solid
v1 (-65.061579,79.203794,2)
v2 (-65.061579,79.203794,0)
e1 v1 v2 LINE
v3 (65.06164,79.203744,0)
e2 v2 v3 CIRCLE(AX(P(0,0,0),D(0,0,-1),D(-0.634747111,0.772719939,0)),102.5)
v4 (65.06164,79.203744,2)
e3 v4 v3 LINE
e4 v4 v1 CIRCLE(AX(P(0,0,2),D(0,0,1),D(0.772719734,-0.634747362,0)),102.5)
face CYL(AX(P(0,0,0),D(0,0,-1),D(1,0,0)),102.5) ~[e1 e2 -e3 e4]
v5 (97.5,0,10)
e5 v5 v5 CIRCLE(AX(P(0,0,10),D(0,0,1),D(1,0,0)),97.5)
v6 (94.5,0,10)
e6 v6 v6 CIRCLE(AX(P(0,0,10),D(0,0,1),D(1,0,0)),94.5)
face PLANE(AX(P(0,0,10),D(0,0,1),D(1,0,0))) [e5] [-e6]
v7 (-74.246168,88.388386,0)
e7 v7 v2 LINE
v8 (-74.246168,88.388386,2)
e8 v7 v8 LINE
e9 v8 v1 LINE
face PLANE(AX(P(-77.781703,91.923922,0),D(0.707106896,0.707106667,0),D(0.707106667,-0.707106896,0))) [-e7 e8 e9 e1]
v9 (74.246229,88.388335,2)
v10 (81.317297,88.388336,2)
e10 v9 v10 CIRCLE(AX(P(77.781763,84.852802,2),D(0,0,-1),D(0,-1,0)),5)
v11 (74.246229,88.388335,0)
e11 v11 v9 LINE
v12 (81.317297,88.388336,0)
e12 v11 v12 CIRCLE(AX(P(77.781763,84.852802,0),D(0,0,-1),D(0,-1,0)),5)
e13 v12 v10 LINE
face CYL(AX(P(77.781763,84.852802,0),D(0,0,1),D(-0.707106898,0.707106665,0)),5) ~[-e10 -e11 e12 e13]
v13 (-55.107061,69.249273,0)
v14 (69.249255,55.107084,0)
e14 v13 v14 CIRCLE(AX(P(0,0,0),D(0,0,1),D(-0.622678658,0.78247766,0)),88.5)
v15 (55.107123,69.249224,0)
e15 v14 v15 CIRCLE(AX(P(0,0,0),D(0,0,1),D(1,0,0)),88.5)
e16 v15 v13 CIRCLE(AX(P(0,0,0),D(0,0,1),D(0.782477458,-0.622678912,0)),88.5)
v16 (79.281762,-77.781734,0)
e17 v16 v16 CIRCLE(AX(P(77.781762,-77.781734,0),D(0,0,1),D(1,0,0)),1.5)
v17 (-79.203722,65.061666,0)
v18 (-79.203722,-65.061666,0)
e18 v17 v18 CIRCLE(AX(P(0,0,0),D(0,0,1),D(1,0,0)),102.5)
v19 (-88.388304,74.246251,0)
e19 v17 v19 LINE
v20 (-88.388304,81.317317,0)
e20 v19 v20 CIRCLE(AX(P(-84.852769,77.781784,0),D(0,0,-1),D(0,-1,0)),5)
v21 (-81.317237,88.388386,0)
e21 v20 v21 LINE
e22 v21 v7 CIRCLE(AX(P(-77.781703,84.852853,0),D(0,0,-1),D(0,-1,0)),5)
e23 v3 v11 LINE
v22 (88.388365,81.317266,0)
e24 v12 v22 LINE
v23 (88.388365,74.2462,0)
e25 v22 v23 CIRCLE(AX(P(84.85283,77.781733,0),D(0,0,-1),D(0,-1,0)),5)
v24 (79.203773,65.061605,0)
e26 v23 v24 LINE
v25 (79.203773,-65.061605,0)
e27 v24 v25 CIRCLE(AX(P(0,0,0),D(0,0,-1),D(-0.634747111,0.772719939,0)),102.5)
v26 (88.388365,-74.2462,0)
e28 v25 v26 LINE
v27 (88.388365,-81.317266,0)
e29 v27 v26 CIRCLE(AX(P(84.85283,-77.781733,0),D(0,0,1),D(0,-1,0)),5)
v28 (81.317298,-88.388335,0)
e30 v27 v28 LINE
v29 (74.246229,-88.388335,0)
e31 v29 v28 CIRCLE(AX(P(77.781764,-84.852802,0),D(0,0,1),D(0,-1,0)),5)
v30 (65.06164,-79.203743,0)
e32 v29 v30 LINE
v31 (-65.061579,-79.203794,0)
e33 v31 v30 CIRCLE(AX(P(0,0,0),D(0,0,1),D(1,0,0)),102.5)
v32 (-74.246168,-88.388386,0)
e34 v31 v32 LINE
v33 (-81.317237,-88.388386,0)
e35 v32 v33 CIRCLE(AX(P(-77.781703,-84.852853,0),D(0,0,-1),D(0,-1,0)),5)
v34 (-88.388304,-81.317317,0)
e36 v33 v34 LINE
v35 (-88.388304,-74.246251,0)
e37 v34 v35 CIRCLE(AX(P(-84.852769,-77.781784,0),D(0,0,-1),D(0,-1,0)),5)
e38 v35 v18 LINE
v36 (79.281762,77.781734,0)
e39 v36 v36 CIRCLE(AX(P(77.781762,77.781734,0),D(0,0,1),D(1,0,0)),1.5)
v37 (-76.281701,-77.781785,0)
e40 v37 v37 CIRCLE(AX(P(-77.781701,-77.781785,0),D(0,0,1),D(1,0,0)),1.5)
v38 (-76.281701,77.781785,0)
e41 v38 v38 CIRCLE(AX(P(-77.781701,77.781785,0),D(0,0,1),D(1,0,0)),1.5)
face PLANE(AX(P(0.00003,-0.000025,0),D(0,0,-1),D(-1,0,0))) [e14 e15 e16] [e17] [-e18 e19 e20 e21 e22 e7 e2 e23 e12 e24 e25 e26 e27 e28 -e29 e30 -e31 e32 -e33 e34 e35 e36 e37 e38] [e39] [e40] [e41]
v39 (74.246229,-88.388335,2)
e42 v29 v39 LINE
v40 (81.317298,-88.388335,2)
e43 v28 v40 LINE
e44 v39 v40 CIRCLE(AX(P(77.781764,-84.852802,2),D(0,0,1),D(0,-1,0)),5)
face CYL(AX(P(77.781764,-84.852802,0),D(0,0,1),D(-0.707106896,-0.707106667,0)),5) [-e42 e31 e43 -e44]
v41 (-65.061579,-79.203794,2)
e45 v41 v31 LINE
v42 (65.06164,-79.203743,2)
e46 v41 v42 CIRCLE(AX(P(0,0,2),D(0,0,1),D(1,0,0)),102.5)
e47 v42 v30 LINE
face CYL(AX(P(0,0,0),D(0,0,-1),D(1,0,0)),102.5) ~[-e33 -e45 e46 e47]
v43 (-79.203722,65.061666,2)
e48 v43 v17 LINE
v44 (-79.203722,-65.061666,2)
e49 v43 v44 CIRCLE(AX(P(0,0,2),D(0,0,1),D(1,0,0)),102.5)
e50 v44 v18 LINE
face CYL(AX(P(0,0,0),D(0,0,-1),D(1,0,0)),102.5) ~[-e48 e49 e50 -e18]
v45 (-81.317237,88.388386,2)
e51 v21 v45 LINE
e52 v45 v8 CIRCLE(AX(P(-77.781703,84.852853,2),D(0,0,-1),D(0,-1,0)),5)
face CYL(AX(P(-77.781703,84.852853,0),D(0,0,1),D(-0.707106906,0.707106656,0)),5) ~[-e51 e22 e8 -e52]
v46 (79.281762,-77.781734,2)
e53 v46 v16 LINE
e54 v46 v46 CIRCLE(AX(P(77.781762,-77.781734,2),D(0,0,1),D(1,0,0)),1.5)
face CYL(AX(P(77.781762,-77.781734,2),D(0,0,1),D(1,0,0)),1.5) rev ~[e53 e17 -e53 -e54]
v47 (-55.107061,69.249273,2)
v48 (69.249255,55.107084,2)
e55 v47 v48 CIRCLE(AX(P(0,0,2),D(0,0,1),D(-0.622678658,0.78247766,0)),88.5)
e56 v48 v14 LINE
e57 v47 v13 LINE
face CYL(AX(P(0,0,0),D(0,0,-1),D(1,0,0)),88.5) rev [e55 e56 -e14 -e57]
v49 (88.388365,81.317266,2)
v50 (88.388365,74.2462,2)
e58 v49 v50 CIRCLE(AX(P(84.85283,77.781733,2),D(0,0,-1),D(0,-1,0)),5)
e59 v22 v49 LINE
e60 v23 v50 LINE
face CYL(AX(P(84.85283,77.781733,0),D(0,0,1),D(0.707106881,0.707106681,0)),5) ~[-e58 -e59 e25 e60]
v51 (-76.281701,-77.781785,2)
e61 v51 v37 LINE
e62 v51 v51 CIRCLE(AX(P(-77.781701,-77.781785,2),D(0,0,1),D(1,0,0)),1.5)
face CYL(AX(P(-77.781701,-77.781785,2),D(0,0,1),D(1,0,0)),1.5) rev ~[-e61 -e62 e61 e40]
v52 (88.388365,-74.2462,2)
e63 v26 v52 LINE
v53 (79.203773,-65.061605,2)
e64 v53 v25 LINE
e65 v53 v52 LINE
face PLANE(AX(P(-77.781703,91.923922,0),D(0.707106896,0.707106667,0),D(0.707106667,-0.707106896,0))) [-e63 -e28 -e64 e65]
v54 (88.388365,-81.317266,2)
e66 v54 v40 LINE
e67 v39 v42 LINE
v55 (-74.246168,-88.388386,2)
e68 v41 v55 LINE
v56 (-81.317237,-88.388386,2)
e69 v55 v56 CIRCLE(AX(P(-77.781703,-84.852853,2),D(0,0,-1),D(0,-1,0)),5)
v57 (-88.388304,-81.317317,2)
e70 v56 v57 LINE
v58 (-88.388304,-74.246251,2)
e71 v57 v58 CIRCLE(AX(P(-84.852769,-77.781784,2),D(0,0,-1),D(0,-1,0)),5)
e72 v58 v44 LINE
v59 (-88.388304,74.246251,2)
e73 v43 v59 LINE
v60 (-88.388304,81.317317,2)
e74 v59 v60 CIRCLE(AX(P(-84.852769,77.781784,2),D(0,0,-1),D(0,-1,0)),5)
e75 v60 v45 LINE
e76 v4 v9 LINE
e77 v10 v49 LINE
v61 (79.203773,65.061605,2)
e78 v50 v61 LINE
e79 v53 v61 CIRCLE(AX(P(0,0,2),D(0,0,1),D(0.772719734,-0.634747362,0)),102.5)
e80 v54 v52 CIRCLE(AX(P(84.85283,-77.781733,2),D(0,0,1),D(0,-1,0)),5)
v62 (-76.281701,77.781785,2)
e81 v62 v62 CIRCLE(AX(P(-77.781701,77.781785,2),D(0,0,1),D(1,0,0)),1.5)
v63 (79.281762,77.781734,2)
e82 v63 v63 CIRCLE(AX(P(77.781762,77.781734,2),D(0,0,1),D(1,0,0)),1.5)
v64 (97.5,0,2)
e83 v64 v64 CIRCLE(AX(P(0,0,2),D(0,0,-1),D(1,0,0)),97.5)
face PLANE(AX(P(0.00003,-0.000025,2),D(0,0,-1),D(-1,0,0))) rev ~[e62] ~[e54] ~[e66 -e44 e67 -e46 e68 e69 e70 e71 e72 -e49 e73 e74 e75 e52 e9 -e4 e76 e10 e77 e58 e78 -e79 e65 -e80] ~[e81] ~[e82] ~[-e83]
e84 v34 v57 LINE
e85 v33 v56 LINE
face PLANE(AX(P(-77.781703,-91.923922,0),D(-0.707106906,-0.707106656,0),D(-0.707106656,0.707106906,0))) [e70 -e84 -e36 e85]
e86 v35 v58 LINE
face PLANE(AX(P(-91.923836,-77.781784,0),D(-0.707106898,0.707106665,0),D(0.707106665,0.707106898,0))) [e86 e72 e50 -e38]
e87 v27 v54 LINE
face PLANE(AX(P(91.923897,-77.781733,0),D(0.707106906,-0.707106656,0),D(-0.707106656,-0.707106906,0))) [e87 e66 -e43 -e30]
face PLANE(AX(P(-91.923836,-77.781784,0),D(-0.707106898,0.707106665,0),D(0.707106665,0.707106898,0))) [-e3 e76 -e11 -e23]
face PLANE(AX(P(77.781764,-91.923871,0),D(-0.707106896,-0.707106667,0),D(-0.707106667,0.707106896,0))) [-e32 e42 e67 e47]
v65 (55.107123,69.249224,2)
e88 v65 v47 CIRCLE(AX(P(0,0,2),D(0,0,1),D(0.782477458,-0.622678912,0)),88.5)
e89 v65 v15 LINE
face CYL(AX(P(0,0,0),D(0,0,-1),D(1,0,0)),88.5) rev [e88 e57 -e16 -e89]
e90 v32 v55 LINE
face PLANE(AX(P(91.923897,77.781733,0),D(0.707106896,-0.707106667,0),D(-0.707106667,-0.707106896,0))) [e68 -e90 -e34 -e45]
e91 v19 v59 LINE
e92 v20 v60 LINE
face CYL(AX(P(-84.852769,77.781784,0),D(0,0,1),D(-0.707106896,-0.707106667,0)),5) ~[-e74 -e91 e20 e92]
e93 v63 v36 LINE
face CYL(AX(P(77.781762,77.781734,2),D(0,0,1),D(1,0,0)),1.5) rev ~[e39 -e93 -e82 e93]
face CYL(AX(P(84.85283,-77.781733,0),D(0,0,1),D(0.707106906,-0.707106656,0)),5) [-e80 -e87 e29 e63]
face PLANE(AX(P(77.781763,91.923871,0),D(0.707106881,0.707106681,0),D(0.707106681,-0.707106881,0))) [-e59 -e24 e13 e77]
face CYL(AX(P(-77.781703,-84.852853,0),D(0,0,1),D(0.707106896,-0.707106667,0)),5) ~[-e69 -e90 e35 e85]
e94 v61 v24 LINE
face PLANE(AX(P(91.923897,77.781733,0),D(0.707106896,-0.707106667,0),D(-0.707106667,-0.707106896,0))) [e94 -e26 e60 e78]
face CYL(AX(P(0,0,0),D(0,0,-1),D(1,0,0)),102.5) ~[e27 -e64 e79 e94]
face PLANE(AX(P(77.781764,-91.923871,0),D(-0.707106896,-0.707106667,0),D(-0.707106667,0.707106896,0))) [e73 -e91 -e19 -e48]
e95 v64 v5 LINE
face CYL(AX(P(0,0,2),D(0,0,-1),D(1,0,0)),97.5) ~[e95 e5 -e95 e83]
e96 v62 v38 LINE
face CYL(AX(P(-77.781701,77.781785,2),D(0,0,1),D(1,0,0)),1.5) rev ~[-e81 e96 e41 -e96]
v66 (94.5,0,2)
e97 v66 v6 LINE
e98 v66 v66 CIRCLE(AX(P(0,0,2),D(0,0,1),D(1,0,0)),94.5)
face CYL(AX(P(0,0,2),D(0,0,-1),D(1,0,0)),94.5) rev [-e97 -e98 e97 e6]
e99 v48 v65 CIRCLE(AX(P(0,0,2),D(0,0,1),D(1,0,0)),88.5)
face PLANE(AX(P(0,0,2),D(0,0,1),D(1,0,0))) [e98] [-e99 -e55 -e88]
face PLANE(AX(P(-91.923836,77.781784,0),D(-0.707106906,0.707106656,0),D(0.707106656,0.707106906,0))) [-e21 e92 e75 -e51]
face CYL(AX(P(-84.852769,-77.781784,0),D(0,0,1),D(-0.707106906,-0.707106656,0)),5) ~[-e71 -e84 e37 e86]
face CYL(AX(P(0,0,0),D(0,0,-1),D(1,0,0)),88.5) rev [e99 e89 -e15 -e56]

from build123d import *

# Parameters (mm, degrees)
SKETCH_R        = 102.5
SKETCH_R_2      = 88.5
PAD_DEPTH       = 2
SKETCH001_R     = 97.5
SKETCH001_R_2   = 94.5
PAD001_DEPTH    = 8
PAD002_DEPTH    = 2
PAD003_DEPTH    = 2
SKETCH004_R     = 1.5
POCKET_DEPTH    = 2
SKETCH005_R     = 88.5
POCKET001_DEPTH = 2
FILLET_R        = 5
FILLET001_R     = 5
FILLET002_R     = 5
FILLET003_R     = 5


with BuildPart() as part:
    # Sketch → Pad (new body)
    with BuildSketch(Plane.XY):
        Circle(SKETCH_R)
        Circle(SKETCH_R_2, mode=Mode.SUBTRACT)
    extrude(amount=PAD_DEPTH)

    # Sketch001 (on Face4 of Pad) → Pad001 (join)
    with BuildSketch(Plane.XY.offset(2)):
        Circle(SKETCH001_R)
        Circle(SKETCH001_R_2, mode=Mode.SUBTRACT)
    extrude(amount=PAD001_DEPTH)

    # Sketch002 → Pad002 (join)
    with BuildSketch(Plane.XY):
        Polygon((-91.923836, 77.781784), (-77.781703, 91.923922), (91.923897, -77.781733), (77.781764, -91.923871), align=None)
    extrude(amount=PAD002_DEPTH)

    # Sketch003 → Pad003 (join)
    with BuildSketch(Plane.XY):
        Polygon((77.781763, 91.923871), (91.923897, 77.781733), (-77.781703, -91.923922), (-91.923836, -77.781784), align=None)
    extrude(amount=PAD003_DEPTH)

    # Sketch004 (on Face30 of Pad003) → Pocket (cut)
    with BuildSketch(Plane.XY.offset(2)):
        with Locations((77.781762, -77.781734)):
            Circle(SKETCH004_R)
        with Locations((-77.781701, -77.781785)):
            Circle(SKETCH004_R)
        with Locations((-77.781701, 77.781785)):
            Circle(SKETCH004_R)
        with Locations((77.781762, 77.781734)):
            Circle(SKETCH004_R)
    extrude(amount=-POCKET_DEPTH, mode=Mode.SUBTRACT)

    # Sketch005 (on Face36 of Pocket) → Pocket001 (cut)
    with BuildSketch(Plane.XY.offset(2)):
        Circle(SKETCH005_R)
    extrude(amount=-POCKET001_DEPTH, mode=Mode.SUBTRACT)

    # Fillet
    fillet_edges = [part.edges().sort_by_distance(p)[0] for p in [
        (91.923897, -77.781733, 1),
        (77.781764, -91.923871, 1),
    ]]
    fillet(fillet_edges, radius=FILLET_R)

    # Fillet001
    fillet001_edges = [part.edges().sort_by_distance(p)[0] for p in [
        (-77.781703, -91.923922, 1),
    ]]
    fillet(fillet001_edges, radius=FILLET001_R)

    # Fillet002
    fillet002_edges = [part.edges().sort_by_distance(p)[0] for p in [
        (-91.923836, -77.781784, 1),
    ]]
    fillet(fillet002_edges, radius=FILLET002_R)

    # Fillet003
    fillet003_edges = [part.edges().sort_by_distance(p)[0] for p in [
        (91.923897, 77.781733, 1),
        (77.781763, 91.923871, 1),
        (-77.781703, 91.923922, 1),
        (-91.923836, 77.781784, 1),
    ]]
    fillet(fillet003_edges, radius=FILLET003_R)


solid = part.part
